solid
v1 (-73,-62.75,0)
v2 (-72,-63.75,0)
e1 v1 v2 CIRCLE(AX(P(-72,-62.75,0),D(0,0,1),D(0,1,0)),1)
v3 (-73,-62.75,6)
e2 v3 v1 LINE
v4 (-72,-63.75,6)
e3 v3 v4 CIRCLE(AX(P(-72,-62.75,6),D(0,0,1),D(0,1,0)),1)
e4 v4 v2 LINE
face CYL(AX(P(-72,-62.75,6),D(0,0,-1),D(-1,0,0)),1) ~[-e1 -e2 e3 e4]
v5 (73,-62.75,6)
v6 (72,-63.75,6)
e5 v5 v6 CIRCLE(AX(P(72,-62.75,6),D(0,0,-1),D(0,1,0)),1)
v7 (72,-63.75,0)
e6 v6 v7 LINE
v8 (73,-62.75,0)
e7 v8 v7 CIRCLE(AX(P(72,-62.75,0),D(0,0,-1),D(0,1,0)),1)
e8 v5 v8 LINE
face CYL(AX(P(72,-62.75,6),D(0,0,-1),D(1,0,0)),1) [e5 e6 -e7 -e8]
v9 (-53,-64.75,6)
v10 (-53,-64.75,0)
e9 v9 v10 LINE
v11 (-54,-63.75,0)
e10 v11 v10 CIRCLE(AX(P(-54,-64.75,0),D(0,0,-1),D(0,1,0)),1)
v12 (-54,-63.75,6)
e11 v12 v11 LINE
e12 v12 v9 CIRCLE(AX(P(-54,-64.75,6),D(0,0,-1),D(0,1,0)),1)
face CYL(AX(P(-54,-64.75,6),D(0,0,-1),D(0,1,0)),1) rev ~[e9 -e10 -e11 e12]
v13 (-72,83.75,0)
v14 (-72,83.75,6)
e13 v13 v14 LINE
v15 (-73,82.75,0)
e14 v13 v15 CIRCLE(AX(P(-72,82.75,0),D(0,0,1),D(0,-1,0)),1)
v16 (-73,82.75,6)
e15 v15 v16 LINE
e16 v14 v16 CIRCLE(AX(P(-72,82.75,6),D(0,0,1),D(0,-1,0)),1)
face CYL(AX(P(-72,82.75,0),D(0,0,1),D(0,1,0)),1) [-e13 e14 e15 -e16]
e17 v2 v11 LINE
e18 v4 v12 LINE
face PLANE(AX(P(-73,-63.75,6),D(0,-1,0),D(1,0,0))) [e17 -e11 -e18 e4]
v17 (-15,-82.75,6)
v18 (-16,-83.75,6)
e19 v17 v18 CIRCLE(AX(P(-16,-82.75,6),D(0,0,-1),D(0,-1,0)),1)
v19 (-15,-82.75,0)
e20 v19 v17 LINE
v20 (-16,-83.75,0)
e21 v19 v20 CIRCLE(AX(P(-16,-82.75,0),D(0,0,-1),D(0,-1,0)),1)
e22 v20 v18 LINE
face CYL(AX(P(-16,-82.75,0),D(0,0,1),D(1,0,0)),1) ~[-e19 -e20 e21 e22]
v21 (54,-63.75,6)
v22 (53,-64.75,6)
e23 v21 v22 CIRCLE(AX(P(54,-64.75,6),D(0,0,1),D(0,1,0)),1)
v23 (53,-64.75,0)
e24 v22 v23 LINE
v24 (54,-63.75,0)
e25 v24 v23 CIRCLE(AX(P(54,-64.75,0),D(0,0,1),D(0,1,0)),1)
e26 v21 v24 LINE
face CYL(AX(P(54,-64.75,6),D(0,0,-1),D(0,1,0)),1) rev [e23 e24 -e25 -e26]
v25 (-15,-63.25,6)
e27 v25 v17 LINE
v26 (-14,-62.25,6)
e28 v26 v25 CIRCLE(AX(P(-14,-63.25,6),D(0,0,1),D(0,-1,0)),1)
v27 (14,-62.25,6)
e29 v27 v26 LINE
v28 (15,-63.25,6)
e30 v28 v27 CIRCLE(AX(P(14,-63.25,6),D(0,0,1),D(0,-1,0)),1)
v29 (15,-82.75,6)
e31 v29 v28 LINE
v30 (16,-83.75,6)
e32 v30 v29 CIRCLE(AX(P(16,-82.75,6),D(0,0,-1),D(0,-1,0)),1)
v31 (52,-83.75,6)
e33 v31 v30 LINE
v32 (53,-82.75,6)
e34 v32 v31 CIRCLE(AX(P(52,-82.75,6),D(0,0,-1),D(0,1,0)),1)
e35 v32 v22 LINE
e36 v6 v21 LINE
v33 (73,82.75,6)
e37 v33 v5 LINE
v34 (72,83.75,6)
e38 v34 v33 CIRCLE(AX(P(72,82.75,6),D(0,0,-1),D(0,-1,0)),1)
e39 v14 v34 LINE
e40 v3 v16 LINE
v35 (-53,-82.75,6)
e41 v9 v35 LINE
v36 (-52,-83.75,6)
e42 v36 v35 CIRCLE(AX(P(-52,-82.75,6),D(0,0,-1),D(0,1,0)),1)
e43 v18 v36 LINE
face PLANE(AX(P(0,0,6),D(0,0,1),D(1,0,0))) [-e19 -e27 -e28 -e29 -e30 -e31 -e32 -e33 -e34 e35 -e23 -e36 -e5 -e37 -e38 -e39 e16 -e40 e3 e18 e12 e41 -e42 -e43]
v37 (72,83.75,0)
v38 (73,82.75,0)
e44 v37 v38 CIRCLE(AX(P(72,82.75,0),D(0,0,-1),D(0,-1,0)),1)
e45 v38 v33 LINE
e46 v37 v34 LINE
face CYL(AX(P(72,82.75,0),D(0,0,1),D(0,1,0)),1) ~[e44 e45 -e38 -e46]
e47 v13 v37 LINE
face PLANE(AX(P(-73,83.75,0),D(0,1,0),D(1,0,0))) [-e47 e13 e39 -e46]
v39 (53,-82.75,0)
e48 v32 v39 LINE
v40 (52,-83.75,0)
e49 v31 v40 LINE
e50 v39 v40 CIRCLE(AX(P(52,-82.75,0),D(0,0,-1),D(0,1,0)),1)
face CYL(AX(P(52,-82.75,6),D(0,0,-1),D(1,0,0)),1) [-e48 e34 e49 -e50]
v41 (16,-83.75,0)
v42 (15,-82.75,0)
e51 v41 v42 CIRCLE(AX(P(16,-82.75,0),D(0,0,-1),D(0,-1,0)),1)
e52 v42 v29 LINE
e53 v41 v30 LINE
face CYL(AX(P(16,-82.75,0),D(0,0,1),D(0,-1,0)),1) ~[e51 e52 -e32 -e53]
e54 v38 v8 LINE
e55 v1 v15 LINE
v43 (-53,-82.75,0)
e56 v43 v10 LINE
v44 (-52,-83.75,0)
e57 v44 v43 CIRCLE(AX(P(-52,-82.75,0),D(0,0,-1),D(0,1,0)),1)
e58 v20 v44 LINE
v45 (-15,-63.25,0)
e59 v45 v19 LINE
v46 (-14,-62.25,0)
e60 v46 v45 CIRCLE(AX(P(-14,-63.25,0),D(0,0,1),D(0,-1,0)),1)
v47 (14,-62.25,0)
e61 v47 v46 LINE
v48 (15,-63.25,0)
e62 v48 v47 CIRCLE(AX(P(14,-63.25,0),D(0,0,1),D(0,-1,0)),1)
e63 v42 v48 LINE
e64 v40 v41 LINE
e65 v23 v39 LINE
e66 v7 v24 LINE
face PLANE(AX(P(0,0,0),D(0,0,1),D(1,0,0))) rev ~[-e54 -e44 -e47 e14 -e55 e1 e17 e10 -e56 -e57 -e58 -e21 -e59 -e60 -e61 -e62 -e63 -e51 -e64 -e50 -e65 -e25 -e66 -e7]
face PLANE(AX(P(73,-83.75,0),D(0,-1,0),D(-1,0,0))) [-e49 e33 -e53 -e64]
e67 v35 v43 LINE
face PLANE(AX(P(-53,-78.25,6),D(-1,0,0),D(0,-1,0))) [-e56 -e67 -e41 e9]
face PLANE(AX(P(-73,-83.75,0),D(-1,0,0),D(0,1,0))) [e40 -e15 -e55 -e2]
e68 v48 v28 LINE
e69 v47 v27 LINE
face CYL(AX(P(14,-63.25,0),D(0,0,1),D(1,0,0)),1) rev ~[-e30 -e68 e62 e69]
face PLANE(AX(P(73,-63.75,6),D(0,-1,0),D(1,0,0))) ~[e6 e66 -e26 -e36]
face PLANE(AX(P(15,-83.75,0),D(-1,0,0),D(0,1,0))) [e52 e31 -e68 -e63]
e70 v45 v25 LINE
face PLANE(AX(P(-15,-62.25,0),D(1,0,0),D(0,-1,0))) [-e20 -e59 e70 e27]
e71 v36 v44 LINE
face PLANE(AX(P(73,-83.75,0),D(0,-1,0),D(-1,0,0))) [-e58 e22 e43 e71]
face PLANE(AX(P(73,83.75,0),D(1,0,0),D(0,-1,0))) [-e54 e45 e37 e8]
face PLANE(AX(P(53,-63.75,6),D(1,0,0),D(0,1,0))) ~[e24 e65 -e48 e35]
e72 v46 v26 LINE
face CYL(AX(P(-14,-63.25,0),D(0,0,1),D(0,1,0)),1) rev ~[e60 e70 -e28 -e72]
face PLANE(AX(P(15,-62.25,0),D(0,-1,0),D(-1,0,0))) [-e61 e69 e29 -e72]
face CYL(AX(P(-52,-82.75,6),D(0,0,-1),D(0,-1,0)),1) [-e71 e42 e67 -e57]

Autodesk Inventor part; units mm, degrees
sketch "Sketch1" plane through (0, 0, 0) normal (0, 0, 1) x (1, 0, 0)
  line L0 (-73, 83.75) -> (73, 83.75)
  line L1 (73, 83.75) -> (73, -83.75)
  line L2 (73, -83.75) -> (-73, -83.75)
  line L3 (-73, -83.75) -> (-73, 83.75)
  point P0 (0, 83.75)
  point P1 (0, 0)
  point P2 (-73, 0)
  dimension "d0" = 146
  dimension "d1" = 167.5
extrude "Extrusion1" add sketch "Sketch1" along normal blind 6
sketch "Sketch2" plane through (0, 0, 6) normal (0, 0, 1) x (1, 0, 0)
  line L0 (-73, 83.75) -> (-73, -83.75) projected
  line L1 (-73, -83.75) -> (-73, -63.75)
  line L2 (-67.5, -78.25) -> (-53, -78.25)
  line L3 (-53, -78.25) -> (-53, -83.75)
  line L4 (-73, -63.75) -> (-53, -63.75)
  line L5 (-53, -63.75) -> (-53, -83.75)
  line L6 (-73, -83.75) -> (73, -83.75) projected
  line L7 (-53, -83.75) -> (-73, -83.75)
  point P0 (0, 0)
  point P1 (40.5, -62.5)
  dimension "d14" = 20
  dimension "d18" = 20
extrude "Extrusion2" cut sketch "Sketch2" against normal blind 6
mirror "Mirror1" about plane through (0, 0, 0) normal (1, 0, 0) of "Extrusion2"
sketch "Sketch4" plane through (0, 0, 0) normal (0, 0, -1) x (-1, 0, 0)
  line L0 (-15, -62.25) -> (15, -62.25)
  line L1 (15, -62.25) -> (15, -83.75)
  line L2 (15, -83.75) -> (-15, -83.75)
  line L3 (-15, -83.75) -> (-15, -62.25)
  line L4 (53, -83.75) -> (-53, -83.75) projected
  point P0 (0, 0)
  point P1 (0, -83.75)
  point P2 (0, -83.75)
  point P3 (0, -83.75)
  dimension "d19" = 30
  dimension "d20" = 21.5
extrude "Extrusion4" cut sketch "Sketch4" against normal blind 6
fillet "Fillet1" radius 1 12 edges at (73, -63.75, 3) (53, -63.75, 3) (53, -83.75, 3) (15, -83.75, 3) (-15, -83.75, 3) (-15, -62.25, 3) (-53, -83.75, 3) (15, -62.25, 3) (-53, -63.75, 3) (-73, -63.75, 3) (-73, 83.75, 3) (73, 83.75, 3)
properties part number "MDF_Front_Side" material "MDF Medium Density Fiberboard"
